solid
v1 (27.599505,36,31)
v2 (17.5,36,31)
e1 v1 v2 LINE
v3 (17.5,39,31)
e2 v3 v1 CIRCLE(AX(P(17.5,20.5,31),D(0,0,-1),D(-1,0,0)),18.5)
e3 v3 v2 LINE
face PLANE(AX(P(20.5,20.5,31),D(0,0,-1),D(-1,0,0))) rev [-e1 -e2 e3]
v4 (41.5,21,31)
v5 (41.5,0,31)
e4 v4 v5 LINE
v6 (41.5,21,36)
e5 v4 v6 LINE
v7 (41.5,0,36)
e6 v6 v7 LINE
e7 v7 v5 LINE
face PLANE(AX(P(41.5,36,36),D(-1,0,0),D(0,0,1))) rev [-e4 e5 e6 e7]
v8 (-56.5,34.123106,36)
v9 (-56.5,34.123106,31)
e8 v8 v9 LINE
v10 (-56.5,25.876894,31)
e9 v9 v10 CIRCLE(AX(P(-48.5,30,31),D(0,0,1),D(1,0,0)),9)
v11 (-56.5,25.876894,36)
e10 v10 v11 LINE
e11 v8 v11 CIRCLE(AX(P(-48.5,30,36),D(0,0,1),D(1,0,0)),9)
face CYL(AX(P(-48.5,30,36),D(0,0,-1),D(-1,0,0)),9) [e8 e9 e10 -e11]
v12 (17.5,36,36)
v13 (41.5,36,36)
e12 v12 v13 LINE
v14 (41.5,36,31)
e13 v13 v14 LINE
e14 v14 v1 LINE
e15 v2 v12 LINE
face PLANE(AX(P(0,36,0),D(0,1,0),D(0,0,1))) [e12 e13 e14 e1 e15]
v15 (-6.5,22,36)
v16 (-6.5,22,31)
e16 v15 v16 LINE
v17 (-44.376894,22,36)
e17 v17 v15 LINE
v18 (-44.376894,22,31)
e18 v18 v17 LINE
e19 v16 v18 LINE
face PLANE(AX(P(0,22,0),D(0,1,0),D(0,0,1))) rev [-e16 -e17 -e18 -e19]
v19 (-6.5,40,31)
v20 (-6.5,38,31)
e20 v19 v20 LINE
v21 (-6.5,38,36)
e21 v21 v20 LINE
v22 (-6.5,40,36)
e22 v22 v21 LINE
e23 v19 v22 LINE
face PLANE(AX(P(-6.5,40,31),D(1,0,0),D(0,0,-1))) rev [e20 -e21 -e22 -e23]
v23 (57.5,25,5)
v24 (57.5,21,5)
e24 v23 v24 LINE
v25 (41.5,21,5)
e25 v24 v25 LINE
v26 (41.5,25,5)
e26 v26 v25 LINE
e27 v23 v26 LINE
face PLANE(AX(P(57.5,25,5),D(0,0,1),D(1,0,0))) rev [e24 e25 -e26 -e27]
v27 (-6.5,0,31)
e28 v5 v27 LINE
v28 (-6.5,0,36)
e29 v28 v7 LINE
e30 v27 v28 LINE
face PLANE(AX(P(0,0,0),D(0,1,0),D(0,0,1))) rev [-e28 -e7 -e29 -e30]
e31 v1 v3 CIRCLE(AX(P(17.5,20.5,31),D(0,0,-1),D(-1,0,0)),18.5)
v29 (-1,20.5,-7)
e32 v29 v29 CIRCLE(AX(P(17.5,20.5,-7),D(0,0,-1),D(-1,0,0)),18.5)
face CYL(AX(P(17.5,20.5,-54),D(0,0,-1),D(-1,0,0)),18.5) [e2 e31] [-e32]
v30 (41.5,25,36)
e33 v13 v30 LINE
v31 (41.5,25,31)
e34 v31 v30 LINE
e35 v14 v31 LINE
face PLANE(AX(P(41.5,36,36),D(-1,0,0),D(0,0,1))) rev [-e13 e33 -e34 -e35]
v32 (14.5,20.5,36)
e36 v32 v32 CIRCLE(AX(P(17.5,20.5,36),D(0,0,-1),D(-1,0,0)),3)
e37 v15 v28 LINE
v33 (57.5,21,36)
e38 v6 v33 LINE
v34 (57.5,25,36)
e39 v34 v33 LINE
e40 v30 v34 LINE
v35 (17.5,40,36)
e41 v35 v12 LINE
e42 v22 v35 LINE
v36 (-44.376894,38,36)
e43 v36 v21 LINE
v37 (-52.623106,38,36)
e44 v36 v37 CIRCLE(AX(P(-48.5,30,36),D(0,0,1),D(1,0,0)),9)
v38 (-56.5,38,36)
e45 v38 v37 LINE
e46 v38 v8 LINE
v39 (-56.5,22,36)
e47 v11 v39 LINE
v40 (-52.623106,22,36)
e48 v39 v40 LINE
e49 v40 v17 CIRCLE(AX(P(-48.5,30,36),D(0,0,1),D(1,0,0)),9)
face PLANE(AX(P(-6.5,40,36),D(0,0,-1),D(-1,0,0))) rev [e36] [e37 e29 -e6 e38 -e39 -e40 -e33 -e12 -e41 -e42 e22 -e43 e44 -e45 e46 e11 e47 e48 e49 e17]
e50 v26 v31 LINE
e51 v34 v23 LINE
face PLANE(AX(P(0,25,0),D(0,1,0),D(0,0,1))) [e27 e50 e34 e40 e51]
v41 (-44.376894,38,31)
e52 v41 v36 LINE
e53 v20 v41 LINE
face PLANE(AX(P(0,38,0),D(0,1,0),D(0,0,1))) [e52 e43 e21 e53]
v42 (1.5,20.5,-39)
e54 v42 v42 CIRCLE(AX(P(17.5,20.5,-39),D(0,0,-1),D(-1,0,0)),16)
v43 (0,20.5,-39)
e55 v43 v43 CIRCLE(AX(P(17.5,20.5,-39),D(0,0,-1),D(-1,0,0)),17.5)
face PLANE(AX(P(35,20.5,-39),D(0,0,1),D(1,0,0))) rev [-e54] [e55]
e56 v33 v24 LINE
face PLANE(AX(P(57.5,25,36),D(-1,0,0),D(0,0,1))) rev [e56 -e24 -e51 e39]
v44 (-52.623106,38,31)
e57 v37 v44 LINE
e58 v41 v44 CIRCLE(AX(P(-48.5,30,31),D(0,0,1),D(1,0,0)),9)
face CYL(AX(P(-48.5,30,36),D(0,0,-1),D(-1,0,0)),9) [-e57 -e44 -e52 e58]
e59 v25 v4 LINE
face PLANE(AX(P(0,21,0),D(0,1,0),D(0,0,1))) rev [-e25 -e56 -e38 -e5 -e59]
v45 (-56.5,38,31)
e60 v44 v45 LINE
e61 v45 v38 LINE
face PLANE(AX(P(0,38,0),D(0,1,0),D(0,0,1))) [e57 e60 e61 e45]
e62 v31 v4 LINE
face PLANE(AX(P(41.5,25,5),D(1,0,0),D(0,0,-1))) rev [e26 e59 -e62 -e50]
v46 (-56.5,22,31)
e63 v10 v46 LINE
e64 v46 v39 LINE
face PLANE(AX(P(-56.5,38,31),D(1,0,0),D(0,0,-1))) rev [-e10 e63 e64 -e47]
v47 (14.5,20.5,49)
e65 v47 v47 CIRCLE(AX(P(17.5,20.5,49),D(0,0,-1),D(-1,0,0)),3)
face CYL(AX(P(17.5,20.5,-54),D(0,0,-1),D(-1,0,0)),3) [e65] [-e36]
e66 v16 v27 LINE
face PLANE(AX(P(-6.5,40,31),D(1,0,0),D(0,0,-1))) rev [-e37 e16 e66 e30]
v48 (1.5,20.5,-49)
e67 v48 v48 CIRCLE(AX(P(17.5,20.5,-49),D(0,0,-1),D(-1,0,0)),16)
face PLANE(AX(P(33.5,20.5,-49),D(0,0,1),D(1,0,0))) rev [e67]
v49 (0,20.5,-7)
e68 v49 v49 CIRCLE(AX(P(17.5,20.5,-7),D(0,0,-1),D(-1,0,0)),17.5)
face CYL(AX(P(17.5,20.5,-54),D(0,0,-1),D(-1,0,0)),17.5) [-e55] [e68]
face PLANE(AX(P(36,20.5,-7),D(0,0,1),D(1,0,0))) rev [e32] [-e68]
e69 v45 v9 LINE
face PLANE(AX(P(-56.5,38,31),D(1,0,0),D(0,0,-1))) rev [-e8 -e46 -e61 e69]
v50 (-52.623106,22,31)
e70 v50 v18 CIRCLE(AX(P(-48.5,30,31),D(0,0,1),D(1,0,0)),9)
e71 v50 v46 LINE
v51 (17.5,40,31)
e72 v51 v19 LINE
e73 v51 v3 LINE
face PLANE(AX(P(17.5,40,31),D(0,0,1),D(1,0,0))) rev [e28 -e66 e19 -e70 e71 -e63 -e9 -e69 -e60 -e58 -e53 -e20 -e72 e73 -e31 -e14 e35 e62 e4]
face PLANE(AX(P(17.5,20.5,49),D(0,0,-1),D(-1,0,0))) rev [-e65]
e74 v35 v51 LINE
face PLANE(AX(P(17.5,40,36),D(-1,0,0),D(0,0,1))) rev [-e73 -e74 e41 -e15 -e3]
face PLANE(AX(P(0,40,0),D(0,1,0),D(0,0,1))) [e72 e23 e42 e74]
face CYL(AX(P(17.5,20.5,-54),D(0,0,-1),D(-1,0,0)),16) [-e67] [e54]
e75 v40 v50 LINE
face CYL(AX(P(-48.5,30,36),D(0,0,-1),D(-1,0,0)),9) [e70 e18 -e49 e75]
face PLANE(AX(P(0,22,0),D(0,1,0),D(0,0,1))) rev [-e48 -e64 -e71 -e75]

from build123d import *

# Parameters (mm, degrees)
SK_P02_MODULEPLATE_W  = 24
SK_P02_MODULEPLATE_H  = 5
P02_MODULEPLATE_DEPTH = 40
SK_P03_MODULEPLATE_W  = 24
SK_P03_MODULEPLATE_H  = 5
P03_MODULEPLATE_DEPTH = 36
P04_TRAILINGARM_START = 22
SK_P04_TRAILINGARM_W  = 50
SK_P04_TRAILINGARM_H  = 5
P04_TRAILINGARM_DEPTH = 16
P05_PIVOTBOSS_START   = 31
SK_P05_PIVOTBOSS_R    = 9
P05_PIVOTBOSS_DEPTH   = 5
P06_SPRINGTAB_START   = 21
SK_P06_SPRINGTAB_W    = 16
SK_P06_SPRINGTAB_H    = 31
P06_SPRINGTAB_DEPTH   = 4


with BuildPart() as part:
    # SK_P01_Gearmotor37Dwith64CPRenc → P01_Gearmotor37Dwith64CPRenc (revolve)
    with BuildSketch(Plane(origin=(0, 20.5, 0), x_dir=(1, 0, 0), z_dir=(0, 1, 0)), mode=Mode.PRIVATE) as p01_gearmotor37dwith64cprenc_sk:
        Polygon((17.5, -49), (20.5, -49), (20.5, -31), (36, -31), (36, 7), (35, 7), (35, 39), (33.5, 39), (33.5, 49), (17.5, 49), align=None)
    revolve(p01_gearmotor37dwith64cprenc_sk.sketch.rotate(Axis((17.5, 20.5, -54), (0, 0, 1)), 180), axis=Axis((17.5, 20.5, -54), (0, 0, 1)))

    # SK_P02_Moduleplate → P02_Moduleplate (add)
    with BuildSketch(Plane(origin=(0, 0, 0), x_dir=(1, 0, 0), z_dir=(0, 1, 0))):
        with Locations((5.5, -33.5)):
            Rectangle(SK_P02_MODULEPLATE_W, SK_P02_MODULEPLATE_H)
    extrude(amount=P02_MODULEPLATE_DEPTH)

    # SK_P03_Moduleplate → P03_Moduleplate (add)
    with BuildSketch(Plane(origin=(0, 0, 0), x_dir=(1, 0, 0), z_dir=(0, 1, 0))):
        with Locations((29.5, -33.5)):
            Rectangle(SK_P03_MODULEPLATE_W, SK_P03_MODULEPLATE_H)
    extrude(amount=P03_MODULEPLATE_DEPTH)

    # SK_P04_Trailingarm → P04_Trailingarm (add)
    with BuildSketch(Plane(origin=(0, 0, 0), x_dir=(1, 0, 0), z_dir=(0, 1, 0)).offset(P04_TRAILINGARM_START)):
        with Locations((-31.5, -33.5)):
            Rectangle(SK_P04_TRAILINGARM_W, SK_P04_TRAILINGARM_H)
    extrude(amount=P04_TRAILINGARM_DEPTH)

    # SK_P05_Pivotboss → P05_Pivotboss (add)
    with BuildSketch(Plane.XY.offset(P05_PIVOTBOSS_START)):
        with Locations((-48.5, 30)):
            Circle(SK_P05_PIVOTBOSS_R)
    extrude(amount=P05_PIVOTBOSS_DEPTH)

    # SK_P06_Springtab → P06_Springtab (add)
    with BuildSketch(Plane(origin=(0, 0, 0), x_dir=(1, 0, 0), z_dir=(0, 1, 0)).offset(P06_SPRINGTAB_START)):
        with Locations((49.5, -20.5)):
            Rectangle(SK_P06_SPRINGTAB_W, SK_P06_SPRINGTAB_H)
    extrude(amount=P06_SPRINGTAB_DEPTH)


solid = part.part
